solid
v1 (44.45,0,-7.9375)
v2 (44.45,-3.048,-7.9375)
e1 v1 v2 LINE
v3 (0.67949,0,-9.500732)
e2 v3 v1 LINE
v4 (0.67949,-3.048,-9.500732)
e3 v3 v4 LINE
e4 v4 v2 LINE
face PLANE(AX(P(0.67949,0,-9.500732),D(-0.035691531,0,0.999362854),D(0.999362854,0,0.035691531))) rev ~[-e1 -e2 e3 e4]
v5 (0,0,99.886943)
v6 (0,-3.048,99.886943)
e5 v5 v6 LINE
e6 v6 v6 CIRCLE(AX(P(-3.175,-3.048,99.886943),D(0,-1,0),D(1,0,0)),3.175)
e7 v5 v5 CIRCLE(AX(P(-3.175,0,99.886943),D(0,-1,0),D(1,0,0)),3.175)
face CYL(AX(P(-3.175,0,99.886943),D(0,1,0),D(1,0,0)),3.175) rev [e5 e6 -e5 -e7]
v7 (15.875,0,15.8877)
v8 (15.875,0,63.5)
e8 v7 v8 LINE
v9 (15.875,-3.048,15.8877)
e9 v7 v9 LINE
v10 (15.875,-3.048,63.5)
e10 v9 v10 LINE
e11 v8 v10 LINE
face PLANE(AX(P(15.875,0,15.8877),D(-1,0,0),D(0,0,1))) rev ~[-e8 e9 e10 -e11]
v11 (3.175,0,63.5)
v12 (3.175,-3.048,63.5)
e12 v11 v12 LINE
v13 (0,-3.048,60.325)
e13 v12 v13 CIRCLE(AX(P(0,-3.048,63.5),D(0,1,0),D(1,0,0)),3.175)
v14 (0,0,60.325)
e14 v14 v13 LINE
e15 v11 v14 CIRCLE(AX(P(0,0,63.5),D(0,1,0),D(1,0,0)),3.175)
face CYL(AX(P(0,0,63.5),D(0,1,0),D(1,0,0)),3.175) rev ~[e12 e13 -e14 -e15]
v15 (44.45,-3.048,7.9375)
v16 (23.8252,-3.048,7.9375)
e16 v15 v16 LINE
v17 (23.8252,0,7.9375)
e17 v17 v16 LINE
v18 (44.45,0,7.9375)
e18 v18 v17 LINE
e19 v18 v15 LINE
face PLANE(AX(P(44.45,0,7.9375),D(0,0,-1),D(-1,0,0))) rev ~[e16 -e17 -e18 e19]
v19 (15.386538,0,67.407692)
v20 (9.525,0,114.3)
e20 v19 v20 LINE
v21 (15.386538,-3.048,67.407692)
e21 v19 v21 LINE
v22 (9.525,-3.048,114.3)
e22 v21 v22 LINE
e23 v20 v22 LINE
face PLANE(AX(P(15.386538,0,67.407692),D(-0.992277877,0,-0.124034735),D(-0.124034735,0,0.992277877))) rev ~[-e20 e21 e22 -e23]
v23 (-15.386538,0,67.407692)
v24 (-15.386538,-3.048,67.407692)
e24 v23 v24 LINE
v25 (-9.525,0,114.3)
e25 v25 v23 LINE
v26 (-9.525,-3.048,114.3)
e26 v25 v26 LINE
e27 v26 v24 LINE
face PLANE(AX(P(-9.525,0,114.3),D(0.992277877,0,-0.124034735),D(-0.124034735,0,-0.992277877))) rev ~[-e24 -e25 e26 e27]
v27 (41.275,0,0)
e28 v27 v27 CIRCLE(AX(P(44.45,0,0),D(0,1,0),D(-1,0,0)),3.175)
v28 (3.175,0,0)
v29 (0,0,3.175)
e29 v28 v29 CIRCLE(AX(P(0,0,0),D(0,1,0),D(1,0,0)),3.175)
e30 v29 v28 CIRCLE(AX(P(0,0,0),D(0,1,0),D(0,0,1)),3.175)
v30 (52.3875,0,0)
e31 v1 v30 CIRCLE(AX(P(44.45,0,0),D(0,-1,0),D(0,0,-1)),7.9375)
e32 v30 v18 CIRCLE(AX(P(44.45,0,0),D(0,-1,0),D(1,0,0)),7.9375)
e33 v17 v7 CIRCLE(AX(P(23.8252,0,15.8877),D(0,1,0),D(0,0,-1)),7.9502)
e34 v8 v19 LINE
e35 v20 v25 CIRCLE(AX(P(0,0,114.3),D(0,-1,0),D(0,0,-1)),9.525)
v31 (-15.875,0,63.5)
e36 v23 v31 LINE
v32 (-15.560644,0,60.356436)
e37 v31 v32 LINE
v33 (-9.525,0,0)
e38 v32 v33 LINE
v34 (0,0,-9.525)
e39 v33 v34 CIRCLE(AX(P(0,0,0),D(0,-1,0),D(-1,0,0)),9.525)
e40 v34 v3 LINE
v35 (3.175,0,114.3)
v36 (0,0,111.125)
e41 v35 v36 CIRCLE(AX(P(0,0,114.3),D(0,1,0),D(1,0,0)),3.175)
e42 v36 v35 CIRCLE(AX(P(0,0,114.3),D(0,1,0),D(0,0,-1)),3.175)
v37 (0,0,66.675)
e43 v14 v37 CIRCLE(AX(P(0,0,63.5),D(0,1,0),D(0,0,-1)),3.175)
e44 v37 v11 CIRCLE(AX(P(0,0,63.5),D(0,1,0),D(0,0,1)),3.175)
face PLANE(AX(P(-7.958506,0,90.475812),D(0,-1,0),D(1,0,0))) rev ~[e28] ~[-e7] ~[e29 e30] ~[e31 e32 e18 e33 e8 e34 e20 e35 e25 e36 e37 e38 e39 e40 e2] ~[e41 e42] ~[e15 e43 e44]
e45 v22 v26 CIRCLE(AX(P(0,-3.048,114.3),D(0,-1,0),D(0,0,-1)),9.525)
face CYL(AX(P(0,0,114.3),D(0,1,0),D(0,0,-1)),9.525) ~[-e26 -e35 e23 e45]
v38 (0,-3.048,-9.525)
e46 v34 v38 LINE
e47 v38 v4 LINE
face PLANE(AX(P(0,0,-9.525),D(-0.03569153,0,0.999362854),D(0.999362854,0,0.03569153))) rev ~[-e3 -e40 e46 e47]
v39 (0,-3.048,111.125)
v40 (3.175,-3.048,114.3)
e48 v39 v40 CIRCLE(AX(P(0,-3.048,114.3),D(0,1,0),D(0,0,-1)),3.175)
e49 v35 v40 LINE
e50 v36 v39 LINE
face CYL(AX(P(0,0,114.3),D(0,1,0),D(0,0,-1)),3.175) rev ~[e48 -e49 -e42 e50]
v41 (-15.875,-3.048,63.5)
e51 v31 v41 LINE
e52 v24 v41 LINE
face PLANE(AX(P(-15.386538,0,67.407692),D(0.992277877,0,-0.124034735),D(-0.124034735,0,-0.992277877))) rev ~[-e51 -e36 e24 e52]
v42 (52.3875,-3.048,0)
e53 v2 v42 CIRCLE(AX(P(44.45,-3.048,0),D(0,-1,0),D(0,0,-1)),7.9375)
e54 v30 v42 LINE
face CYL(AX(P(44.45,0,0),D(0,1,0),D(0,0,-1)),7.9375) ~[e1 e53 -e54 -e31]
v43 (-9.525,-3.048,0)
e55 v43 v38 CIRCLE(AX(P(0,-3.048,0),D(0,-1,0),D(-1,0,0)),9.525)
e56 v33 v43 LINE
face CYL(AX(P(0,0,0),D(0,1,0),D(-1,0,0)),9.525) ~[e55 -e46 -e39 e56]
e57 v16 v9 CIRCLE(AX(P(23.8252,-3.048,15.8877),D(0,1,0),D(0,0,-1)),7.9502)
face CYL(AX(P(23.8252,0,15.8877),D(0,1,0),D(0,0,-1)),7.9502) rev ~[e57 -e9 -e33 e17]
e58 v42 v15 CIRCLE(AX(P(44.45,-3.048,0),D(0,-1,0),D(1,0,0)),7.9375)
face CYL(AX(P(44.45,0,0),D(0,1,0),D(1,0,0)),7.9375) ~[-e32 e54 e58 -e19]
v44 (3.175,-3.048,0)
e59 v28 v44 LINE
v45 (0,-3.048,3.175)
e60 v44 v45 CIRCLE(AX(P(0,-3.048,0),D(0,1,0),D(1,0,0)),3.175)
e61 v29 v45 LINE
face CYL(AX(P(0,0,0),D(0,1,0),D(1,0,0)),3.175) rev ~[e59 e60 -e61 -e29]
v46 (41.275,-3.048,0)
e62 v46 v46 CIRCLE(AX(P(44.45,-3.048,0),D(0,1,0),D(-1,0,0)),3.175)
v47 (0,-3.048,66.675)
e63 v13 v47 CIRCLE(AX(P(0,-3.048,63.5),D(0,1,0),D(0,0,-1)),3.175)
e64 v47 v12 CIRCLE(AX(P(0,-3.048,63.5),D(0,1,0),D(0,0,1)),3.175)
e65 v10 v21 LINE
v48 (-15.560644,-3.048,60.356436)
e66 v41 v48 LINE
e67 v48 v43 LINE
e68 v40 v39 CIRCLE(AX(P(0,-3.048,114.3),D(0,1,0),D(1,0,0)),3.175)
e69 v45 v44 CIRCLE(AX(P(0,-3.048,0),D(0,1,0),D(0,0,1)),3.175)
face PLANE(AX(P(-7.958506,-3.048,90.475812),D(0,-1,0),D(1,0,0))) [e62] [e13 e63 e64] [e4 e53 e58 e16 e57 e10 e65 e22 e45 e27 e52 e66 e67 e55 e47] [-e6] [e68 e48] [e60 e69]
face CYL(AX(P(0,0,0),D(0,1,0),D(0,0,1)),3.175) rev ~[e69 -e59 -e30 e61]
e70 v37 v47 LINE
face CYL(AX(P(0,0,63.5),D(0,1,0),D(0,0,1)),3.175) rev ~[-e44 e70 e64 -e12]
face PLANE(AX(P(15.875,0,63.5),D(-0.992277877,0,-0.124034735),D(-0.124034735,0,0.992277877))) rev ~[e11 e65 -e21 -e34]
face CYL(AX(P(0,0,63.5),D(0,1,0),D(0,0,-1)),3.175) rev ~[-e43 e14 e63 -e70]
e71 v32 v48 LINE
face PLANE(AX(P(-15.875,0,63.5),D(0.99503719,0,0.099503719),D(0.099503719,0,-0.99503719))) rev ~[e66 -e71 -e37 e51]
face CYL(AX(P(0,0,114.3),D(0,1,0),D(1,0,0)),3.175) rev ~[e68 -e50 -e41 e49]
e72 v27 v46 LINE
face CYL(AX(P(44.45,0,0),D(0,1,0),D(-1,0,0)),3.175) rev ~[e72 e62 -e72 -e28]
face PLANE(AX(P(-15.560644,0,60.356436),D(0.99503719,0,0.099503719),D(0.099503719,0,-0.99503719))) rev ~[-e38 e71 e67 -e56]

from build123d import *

# Parameters (mm, degrees)
F0_R     = 3.175
F1_DEPTH = 3.048


with BuildPart() as f1:
    # F0 (on Front) → F1 (new body)
    with BuildSketch(Plane.XZ):
        with BuildLine():
            ThreePointArc((-15.3865384615, 67.4076923077), (-9.7463072395, 76.0309664508), (0, 79.375))
            Line((0, 79.375), (0, 99.886942851))
            Line((0, 99.886942851), (0, 104.775))
            ThreePointArc((0, 104.775), (-6.7351920908, 107.5648079092), (-9.525, 114.3))
            Line((-9.525, 114.3), (-15.3865384615, 67.4076923077))
        make_face()
        with Locations((-3.175, 99.886942851)):
            Circle(F0_R, mode=Mode.SUBTRACT)
        with BuildLine():
            ThreePointArc((0, 79.375), (9.7463072395, 76.0309664508), (15.3865384615, 67.4076923077))
            Line((15.3865384615, 67.4076923077), (9.525, 114.3))
            ThreePointArc((9.525, 114.3), (6.7351920908, 107.5648079092), (0, 104.775))
            Line((0, 104.775), (0, 99.886942851))
            Line((0, 99.886942851), (0, 79.375))
        make_face()
        with BuildLine():
            ThreePointArc((0, 104.775), (6.7351920908, 107.5648079092), (9.525, 114.3))
            ThreePointArc((9.525, 114.3), (0, 123.825), (-9.525, 114.3))
            ThreePointArc((-9.525, 114.3), (-6.7351920908, 107.5648079092), (0, 104.775))
        make_face()
        with BuildLine():
            ThreePointArc((3.175, 114.3), (2.2450640303, 112.0549359697), (0, 111.125))
            ThreePointArc((0, 111.125), (-2.2450640303, 116.5450640303), (3.175, 114.3))
        make_face(mode=Mode.SUBTRACT)
        with BuildLine():
            Line((0, 60.325), (0, 47.625))
            ThreePointArc((0, 47.625), (11.2253201513, 52.2746798487), (15.875, 63.5))
            Line((15.875, 63.5), (15.3865384615, 67.4076923077))
            ThreePointArc((15.3865384615, 67.4076923077), (9.7463072395, 76.0309664508), (0, 79.375))
            Line((0, 79.375), (0, 66.675))
            ThreePointArc((0, 66.675), (2.2450640303, 65.7450640303), (3.175, 63.5))
            ThreePointArc((3.175, 63.5), (2.2450640303, 61.2549359697), (0, 60.325))
        make_face()
        with BuildLine():
            ThreePointArc((-15.5606435644, 60.3564356436), (-10.0526499203, 51.2134278751), (0, 47.625))
            Line((0, 47.625), (0, 60.325))
            ThreePointArc((0, 60.325), (-3.175, 63.5), (0, 66.675))
            Line((0, 66.675), (0, 79.375))
            ThreePointArc((0, 79.375), (-9.7463072395, 76.0309664508), (-15.3865384615, 67.4076923077))
            Line((-15.3865384615, 67.4076923077), (-15.875, 63.5))
            Line((-15.875, 63.5), (-15.5606435644, 60.3564356436))
        make_face()
        with BuildLine():
            ThreePointArc((-9.525, 0), (-6.7351920908, 6.7351920908), (0, 9.525))
            Line((0, 9.525), (0, 47.625))
            ThreePointArc((0, 47.625), (-10.0526499203, 51.2134278751), (-15.5606435644, 60.3564356436))
            Line((-15.5606435644, 60.3564356436), (-9.525, 0))
        make_face()
        with BuildLine():
            Line((36.5125, 0), (9.525, 0))
            ThreePointArc((9.525, 0), (6.9712901065, -6.4905114784), (0.6794904459, -9.5007324841))
            Line((0.6794904459, -9.5007324841), (44.45, -7.9375))
            ThreePointArc((44.45, -7.9375), (38.8373399243, -5.6126600757), (36.5125, 0))
        make_face()
        with BuildLine():
            ThreePointArc((3.175, 0), (-2.2450640303, -2.2450640303), (0, 3.175))
            Line((0, 3.175), (0, 9.525))
            ThreePointArc((0, 9.525), (-6.7351920908, 6.7351920908), (-9.525, 0))
            ThreePointArc((-9.525, 0), (-6.7351920908, -6.7351920908), (0, -9.525))
            Line((0, -9.525), (0.6794904459, -9.5007324841))
            ThreePointArc((0.6794904459, -9.5007324841), (6.9712901065, -6.4905114784), (9.525, 0))
            Line((9.525, 0), (3.175, 0))
        make_face()
        with BuildLine():
            Line((0, 47.625), (0, 9.525))
            ThreePointArc((0, 9.525), (6.7351920908, 6.7351920908), (9.525, 0))
            Line((9.525, 0), (36.5125, 0))
            ThreePointArc((36.5125, 0), (38.8373399243, 5.6126600757), (44.45, 7.9375))
            Line((44.45, 7.9375), (23.8252, 7.9375))
            ThreePointArc((23.8252, 7.9375), (18.2035596682, 10.2660596682), (15.875, 15.8877))
            Line((15.875, 15.8877), (15.875, 63.5))
            ThreePointArc((15.875, 63.5), (11.2253201513, 52.2746798487), (0, 47.625))
        make_face()
        with BuildLine():
            Line((0, 9.525), (0, 3.175))
            ThreePointArc((0, 3.175), (2.2450640303, 2.2450640303), (3.175, 0))
            Line((3.175, 0), (9.525, 0))
            ThreePointArc((9.525, 0), (6.7351920908, 6.7351920908), (0, 9.525))
        make_face()
        with BuildLine():
            ThreePointArc((44.45, 7.9375), (38.8373399243, 5.6126600757), (36.5125, 0))
            ThreePointArc((36.5125, 0), (38.8373399243, -5.6126600757), (44.45, -7.9375))
            ThreePointArc((44.45, -7.9375), (50.0626600757, -5.6126600757), (52.3875, 0))
            ThreePointArc((52.3875, 0), (50.0626600757, 5.6126600757), (44.45, 7.9375))
        make_face()
        with BuildLine():
            ThreePointArc((47.625, 0), (44.45, -3.175), (41.275, 0))
            ThreePointArc((41.275, 0), (44.45, 3.175), (47.625, 0))
        make_face(mode=Mode.SUBTRACT)
    extrude(amount=F1_DEPTH)


solid = f1.part
